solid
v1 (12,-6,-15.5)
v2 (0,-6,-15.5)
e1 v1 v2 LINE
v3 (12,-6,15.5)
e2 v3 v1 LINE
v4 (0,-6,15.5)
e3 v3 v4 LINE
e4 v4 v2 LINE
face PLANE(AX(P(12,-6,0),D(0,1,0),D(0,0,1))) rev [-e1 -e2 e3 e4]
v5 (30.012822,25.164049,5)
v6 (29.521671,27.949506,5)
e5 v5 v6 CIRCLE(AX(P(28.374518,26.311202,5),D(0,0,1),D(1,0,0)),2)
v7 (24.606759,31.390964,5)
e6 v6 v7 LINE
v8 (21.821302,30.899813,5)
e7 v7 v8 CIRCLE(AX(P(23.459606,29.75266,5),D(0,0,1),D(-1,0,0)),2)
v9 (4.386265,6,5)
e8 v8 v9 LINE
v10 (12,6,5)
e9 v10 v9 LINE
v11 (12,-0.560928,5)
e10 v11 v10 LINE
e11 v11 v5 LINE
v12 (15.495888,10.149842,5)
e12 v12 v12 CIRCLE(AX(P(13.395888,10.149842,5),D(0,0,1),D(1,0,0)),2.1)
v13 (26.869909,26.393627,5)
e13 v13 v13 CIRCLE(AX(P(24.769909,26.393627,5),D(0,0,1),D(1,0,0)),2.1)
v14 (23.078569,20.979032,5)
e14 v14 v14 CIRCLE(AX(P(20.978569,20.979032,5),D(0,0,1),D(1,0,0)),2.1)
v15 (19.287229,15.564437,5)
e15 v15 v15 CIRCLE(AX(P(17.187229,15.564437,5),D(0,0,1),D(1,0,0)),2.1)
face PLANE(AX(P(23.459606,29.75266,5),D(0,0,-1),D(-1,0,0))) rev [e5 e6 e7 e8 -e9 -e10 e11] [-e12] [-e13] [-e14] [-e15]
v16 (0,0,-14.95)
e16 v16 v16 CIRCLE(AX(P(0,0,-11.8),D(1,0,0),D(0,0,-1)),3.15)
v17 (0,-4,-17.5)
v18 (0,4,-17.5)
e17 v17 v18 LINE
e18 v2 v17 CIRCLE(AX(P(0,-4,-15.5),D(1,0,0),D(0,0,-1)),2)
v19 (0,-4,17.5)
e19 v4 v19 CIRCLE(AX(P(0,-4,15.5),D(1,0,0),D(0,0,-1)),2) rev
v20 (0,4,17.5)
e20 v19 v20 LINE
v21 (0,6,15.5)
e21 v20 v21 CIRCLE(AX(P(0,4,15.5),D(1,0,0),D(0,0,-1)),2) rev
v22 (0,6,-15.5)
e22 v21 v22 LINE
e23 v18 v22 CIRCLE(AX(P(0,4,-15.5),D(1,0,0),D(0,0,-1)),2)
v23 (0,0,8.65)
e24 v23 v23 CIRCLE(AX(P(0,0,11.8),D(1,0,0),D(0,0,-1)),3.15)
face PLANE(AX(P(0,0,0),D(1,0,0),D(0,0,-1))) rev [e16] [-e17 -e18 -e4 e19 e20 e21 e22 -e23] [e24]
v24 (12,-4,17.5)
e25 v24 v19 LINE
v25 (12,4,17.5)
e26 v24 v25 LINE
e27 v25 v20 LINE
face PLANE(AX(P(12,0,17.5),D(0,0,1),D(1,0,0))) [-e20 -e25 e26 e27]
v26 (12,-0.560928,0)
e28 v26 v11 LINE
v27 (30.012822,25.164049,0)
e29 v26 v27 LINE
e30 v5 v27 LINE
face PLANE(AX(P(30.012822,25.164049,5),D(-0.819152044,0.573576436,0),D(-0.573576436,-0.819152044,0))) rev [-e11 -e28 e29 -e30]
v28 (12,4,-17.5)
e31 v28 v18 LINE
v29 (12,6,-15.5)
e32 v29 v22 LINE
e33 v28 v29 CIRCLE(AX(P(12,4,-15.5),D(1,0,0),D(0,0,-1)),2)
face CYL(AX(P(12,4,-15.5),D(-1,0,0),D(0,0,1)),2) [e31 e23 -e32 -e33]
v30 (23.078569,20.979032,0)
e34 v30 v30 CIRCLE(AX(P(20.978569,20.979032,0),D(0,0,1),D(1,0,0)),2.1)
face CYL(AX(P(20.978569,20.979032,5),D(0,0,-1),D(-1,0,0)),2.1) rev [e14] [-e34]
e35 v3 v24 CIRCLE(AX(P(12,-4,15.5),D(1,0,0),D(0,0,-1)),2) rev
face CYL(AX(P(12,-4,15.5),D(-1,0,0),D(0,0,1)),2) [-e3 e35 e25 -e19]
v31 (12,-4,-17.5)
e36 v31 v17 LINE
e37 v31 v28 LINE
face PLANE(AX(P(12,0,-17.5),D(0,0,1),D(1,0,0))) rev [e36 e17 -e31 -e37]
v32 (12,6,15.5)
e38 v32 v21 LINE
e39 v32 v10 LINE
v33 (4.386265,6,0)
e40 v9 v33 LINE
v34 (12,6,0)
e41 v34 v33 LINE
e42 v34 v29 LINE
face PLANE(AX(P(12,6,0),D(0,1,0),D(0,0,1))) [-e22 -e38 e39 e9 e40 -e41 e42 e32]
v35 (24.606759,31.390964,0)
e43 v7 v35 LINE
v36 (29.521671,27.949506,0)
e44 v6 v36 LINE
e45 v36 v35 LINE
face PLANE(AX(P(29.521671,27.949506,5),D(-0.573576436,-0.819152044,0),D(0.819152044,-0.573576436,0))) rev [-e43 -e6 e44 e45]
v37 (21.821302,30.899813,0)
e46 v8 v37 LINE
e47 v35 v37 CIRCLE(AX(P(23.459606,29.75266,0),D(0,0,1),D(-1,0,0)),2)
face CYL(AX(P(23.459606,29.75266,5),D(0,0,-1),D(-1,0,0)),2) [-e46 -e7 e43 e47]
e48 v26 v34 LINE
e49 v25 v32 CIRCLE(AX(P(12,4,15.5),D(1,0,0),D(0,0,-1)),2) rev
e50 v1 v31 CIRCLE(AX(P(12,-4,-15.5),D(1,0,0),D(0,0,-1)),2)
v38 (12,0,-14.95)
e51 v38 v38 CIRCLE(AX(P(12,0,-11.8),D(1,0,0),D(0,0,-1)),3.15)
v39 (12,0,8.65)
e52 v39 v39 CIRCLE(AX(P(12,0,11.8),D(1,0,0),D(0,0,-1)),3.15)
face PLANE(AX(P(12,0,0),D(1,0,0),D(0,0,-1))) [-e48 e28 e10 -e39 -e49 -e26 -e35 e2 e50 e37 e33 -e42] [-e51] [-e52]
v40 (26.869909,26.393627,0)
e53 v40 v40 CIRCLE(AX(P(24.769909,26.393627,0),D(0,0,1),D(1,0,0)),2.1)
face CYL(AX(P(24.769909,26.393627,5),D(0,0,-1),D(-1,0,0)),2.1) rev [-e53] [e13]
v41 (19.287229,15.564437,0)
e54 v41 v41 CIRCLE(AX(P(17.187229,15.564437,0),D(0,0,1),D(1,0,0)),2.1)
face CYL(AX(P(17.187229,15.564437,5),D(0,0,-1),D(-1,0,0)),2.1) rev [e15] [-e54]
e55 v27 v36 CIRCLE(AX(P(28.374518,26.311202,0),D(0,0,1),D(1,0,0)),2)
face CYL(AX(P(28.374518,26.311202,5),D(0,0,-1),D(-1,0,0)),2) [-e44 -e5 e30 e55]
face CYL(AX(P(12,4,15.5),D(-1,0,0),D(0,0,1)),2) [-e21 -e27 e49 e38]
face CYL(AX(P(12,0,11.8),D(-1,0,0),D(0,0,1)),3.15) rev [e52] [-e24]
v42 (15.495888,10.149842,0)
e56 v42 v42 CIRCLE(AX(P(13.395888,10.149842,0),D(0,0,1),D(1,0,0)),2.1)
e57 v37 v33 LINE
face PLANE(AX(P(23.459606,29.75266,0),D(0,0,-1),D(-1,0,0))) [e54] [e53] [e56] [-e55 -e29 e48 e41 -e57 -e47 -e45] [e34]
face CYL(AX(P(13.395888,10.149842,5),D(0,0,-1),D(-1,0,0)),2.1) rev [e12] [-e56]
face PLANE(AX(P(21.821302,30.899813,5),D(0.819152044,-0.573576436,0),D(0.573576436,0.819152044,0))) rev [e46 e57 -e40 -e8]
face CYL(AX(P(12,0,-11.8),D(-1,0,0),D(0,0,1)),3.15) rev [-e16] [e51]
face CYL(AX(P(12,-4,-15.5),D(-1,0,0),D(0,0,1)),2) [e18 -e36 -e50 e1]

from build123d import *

# Parameters (mm, degrees)
SKETCH1_R           = 3.15
BOSS_EXTRUDE1_DEPTH = 12
SKETCH2_R           = 2.1
BOSS_EXTRUDE2_DEPTH = 5


with BuildPart() as part:
    # Sketch1 → Boss-Extrude1 (new body)
    with BuildSketch(Plane(origin=(0, 0, 0), x_dir=(0, 0, -1), z_dir=(1, 0, 0))):
        with BuildLine():
            Line((-15.5, -6), (15.5, -6))
            ThreePointArc((15.5, -6), (16.914213562, -5.414213562), (17.5, -4))
            Line((17.5, -4), (17.5, 4))
            ThreePointArc((17.5, 4), (16.914213562, 5.414213562), (15.5, 6))
            Line((15.5, 6), (-15.5, 6))
            ThreePointArc((-15.5, 6), (-16.914213562, 5.414213562), (-17.5, 4))
            Line((-17.5, 4), (-17.5, -4))
            ThreePointArc((-17.5, -4), (-16.914213562, -5.414213562), (-15.5, -6))
        make_face()
        with Locations((-11.8, 0)):
            Circle(SKETCH1_R, mode=Mode.SUBTRACT)
        with Locations((11.8, 0)):
            Circle(SKETCH1_R, mode=Mode.SUBTRACT)
    extrude(amount=BOSS_EXTRUDE1_DEPTH)

    # Sketch2 → Boss-Extrude2 (add)
    with BuildSketch(Plane.XY):
        with BuildLine():
            Line((30.012822222, 25.164048641), (8.191520443, -6))
            Line((8.191520443, -6), (0, -0.264235636))
            Line((0, -0.264235636), (21.82130178, 30.899813004))
            ThreePointArc((21.82130178, 30.899813004), (23.112309513, 31.722275638), (24.606758741, 31.39096422))
            Line((24.606758741, 31.39096422), (29.521671007, 27.949505602))
            ThreePointArc((29.521671007, 27.949505602), (30.34413364, 26.658497869), (30.012822222, 25.164048641))
        make_face()
        with Locations((24.769909128, 26.393626734)):
            Circle(SKETCH2_R, mode=Mode.SUBTRACT)
        with Locations((20.978568884, 20.979031721)):
            Circle(SKETCH2_R, mode=Mode.SUBTRACT)
        with Locations((17.18722864, 15.564436709)):
            Circle(SKETCH2_R, mode=Mode.SUBTRACT)
        with Locations((13.395888395, 10.149841696)):
            Circle(SKETCH2_R, mode=Mode.SUBTRACT)
    extrude(amount=BOSS_EXTRUDE2_DEPTH)


solid = part.part
